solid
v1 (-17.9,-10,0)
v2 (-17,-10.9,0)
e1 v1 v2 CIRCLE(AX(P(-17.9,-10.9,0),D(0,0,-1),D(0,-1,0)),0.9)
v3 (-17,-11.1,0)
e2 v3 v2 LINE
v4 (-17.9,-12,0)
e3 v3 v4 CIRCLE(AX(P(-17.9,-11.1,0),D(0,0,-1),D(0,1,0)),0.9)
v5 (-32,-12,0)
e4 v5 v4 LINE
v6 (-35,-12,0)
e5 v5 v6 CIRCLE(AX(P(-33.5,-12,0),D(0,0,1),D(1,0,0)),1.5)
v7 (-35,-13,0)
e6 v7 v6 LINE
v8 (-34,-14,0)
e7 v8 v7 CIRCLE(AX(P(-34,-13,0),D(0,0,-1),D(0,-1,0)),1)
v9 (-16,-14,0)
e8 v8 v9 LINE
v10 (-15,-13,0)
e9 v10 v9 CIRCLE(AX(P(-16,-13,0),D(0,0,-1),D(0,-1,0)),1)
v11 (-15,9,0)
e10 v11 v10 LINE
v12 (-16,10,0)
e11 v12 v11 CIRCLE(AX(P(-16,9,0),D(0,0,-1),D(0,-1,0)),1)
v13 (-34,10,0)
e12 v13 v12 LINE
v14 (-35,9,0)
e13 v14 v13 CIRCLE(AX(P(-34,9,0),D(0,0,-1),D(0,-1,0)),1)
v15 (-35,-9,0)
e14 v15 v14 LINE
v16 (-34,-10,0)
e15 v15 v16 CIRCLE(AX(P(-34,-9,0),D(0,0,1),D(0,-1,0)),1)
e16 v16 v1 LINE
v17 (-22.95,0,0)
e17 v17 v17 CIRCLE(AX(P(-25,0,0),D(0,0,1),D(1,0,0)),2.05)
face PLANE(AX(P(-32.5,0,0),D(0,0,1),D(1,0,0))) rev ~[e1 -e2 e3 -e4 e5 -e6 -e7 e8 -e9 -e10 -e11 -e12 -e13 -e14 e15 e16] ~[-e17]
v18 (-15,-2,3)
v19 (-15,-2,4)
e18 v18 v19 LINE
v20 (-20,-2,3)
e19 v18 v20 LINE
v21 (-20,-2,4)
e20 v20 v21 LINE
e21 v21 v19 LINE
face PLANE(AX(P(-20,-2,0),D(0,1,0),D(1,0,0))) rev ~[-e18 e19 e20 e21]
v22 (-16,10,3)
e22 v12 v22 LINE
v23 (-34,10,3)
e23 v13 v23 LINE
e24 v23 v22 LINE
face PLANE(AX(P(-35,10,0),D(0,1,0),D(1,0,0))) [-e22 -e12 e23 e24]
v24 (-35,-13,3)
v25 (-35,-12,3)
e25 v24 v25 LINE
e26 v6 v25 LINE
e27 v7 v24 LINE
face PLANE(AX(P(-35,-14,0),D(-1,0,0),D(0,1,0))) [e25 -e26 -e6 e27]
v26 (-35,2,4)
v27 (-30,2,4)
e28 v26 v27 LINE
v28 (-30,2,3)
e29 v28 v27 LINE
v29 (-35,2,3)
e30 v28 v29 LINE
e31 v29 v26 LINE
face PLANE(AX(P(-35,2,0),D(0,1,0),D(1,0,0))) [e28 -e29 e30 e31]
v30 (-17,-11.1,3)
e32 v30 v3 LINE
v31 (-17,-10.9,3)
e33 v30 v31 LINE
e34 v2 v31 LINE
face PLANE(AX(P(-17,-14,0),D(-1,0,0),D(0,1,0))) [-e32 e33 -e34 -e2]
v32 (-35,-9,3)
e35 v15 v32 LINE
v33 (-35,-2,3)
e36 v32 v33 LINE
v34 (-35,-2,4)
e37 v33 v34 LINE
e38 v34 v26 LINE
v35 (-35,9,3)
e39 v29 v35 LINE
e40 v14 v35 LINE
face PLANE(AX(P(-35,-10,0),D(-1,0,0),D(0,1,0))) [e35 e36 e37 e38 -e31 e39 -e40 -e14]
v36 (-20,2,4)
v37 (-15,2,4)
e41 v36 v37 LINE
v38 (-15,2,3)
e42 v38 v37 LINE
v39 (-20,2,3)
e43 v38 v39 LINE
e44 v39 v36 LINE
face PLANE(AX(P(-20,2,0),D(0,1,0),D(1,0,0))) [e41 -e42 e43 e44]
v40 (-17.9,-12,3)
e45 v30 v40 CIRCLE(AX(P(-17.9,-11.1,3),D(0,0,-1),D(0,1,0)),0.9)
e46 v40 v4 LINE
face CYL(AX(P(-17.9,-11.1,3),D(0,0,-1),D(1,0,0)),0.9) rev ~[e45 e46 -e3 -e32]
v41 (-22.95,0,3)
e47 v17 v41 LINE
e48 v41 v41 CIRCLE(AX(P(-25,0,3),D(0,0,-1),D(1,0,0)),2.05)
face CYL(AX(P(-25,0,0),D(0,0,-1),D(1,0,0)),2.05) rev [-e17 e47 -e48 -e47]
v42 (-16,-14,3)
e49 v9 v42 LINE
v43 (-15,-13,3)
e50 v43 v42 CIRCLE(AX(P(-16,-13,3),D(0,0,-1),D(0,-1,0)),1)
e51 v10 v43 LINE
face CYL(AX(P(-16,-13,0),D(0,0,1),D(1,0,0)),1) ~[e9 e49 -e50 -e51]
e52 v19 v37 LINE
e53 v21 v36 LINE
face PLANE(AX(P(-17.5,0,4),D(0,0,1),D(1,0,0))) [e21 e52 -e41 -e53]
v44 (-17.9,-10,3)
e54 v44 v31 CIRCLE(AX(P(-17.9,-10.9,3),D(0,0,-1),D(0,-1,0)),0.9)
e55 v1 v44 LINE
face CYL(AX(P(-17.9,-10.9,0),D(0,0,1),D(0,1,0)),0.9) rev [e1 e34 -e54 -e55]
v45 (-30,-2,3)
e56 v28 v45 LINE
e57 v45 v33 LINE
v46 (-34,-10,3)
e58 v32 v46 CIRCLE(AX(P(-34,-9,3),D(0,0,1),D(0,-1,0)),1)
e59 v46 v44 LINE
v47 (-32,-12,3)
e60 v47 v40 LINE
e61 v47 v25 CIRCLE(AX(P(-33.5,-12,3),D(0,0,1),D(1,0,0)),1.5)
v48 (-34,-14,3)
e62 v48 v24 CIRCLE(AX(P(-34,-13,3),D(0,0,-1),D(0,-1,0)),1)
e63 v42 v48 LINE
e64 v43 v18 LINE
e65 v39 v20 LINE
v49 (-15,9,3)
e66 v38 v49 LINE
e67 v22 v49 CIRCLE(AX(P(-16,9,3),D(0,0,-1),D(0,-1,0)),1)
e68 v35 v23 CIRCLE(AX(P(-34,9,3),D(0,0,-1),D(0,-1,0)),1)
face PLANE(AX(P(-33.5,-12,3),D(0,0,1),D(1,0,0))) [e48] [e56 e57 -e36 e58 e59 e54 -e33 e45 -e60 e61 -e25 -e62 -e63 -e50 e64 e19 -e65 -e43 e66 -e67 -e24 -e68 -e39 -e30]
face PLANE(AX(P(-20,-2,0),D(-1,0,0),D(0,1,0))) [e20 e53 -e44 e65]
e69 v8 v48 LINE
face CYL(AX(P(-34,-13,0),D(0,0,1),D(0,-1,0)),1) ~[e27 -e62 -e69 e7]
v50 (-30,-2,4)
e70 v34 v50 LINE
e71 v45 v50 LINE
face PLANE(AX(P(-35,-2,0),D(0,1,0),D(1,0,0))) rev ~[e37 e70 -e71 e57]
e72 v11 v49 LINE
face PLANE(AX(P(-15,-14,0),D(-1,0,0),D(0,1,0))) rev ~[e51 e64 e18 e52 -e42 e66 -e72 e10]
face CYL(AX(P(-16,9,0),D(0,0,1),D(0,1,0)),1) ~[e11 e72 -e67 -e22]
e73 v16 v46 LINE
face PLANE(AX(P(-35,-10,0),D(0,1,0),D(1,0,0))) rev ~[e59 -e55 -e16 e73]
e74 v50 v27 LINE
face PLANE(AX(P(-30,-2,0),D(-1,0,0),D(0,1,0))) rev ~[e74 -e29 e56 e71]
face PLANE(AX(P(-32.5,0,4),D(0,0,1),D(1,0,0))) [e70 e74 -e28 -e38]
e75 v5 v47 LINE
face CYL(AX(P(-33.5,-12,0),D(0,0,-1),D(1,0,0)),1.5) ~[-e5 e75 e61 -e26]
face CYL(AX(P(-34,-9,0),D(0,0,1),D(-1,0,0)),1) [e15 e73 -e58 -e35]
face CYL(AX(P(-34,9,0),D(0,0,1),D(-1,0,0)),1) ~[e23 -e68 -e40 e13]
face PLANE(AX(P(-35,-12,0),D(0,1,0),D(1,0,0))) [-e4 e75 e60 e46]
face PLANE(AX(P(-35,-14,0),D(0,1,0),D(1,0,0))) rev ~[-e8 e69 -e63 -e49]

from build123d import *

# Parameters (mm, degrees)
CYLINDER001_R     = 2.05
CYLINDER001_DEPTH = 10
BOX002_W          = 2
BOX002_H          = 4
BOX002_DEPTH      = 3
BOX001_W          = 20
BOX001_H          = 2
BOX001_DEPTH      = 3
CYLINDER_R        = 1.5
CYLINDER_DEPTH    = 3
BOX003_W          = 5
BOX003_H          = 4
BOX003_DEPTH      = 4
BOX004_W          = 5
BOX004_H          = 4
BOX004_DEPTH      = 4
BOX_W             = 20
BOX_H             = 20
BOX_DEPTH         = 3
FILLET_R          = 1
FILLET001_R       = 0.9


with BuildPart() as cylinder001:
    # Cylinder001 → Cylinder001 (new body)
    with BuildSketch(Plane.XY):
        Circle(CYLINDER001_R)
    extrude(amount=CYLINDER001_DEPTH)


with BuildPart() as cube002:
    # Box002 → Box002 (new body)
    with BuildSketch(Plane(origin=(8, -14, 0), x_dir=(1, 0, 0), z_dir=(0, 0, 1))):
        with Locations((1, 2)):
            Rectangle(BOX002_W, BOX002_H)
    extrude(amount=BOX002_DEPTH)


with BuildPart() as cube001:
    # Box001 → Box001 (new body)
    with BuildSketch(Plane(origin=(-10, -14, 0), x_dir=(1, 0, 0), z_dir=(0, 0, 1))):
        with Locations((10, 1)):
            Rectangle(BOX001_W, BOX001_H)
    extrude(amount=BOX001_DEPTH)


with BuildPart() as cylinder:
    # Cylinder → Cylinder (new body)
    with BuildSketch(Plane(origin=(-8.5, -12, 0), x_dir=(1, 0, 0), z_dir=(0, 0, 1))):
        Circle(CYLINDER_R)
    extrude(amount=CYLINDER_DEPTH)


with BuildPart() as cube003:
    # Box003 → Box003 (new body)
    with BuildSketch(Plane(origin=(5, -2, 0), x_dir=(1, 0, 0), z_dir=(0, 0, 1))):
        with Locations((2.5, 2)):
            Rectangle(BOX003_W, BOX003_H)
    extrude(amount=BOX003_DEPTH)


with BuildPart() as cube004:
    # Box004 → Box004 (new body)
    with BuildSketch(Plane(origin=(-10, -2, 0), x_dir=(1, 0, 0), z_dir=(0, 0, 1))):
        with Locations((2.5, 2)):
            Rectangle(BOX004_W, BOX004_H)
    extrude(amount=BOX004_DEPTH)


with BuildPart() as screen_cable:
    # Box → Box (new body)
    with BuildSketch(Plane(origin=(-10, -10, 0), x_dir=(1, 0, 0), z_dir=(0, 0, 1))):
        with Locations((10, 10)):
            Rectangle(BOX_W, BOX_H)
    extrude(amount=BOX_DEPTH)

    # Fusion: union Cube002, Cube001, Cylinder, Cube003, Cube004
    add(cube002.part)
    add(cube001.part)
    add(cylinder.part)
    add(cube003.part)
    add(cube004.part)

    # Cut: cut Cylinder001
    add(cylinder001.part, mode=Mode.SUBTRACT)

    # Fillet
    fillet_edges = [screen_cable.edges().sort_by_distance(p)[0] for p in [
        (-10, -10, 1.5),
        (-10, 10, 1.5),
        (10, 10, 1.5),
        (10, -14, 1.5),
        (-10, -14, 1.5),
    ]]
    fillet(fillet_edges, radius=FILLET_R)

    # Fillet001
    fillet001_edges = [screen_cable.edges().sort_by_distance(p)[0] for p in [
        (8, -10, 1.5),
        (8, -12, 1.5),
    ]]
    fillet(fillet001_edges, radius=FILLET001_R)


with BuildPart() as screen_cable_1:
    # Fillet001 placement: moved
    add(screen_cable.part.moved(Location((-25, 0, 0))))


solid = screen_cable_1.part
